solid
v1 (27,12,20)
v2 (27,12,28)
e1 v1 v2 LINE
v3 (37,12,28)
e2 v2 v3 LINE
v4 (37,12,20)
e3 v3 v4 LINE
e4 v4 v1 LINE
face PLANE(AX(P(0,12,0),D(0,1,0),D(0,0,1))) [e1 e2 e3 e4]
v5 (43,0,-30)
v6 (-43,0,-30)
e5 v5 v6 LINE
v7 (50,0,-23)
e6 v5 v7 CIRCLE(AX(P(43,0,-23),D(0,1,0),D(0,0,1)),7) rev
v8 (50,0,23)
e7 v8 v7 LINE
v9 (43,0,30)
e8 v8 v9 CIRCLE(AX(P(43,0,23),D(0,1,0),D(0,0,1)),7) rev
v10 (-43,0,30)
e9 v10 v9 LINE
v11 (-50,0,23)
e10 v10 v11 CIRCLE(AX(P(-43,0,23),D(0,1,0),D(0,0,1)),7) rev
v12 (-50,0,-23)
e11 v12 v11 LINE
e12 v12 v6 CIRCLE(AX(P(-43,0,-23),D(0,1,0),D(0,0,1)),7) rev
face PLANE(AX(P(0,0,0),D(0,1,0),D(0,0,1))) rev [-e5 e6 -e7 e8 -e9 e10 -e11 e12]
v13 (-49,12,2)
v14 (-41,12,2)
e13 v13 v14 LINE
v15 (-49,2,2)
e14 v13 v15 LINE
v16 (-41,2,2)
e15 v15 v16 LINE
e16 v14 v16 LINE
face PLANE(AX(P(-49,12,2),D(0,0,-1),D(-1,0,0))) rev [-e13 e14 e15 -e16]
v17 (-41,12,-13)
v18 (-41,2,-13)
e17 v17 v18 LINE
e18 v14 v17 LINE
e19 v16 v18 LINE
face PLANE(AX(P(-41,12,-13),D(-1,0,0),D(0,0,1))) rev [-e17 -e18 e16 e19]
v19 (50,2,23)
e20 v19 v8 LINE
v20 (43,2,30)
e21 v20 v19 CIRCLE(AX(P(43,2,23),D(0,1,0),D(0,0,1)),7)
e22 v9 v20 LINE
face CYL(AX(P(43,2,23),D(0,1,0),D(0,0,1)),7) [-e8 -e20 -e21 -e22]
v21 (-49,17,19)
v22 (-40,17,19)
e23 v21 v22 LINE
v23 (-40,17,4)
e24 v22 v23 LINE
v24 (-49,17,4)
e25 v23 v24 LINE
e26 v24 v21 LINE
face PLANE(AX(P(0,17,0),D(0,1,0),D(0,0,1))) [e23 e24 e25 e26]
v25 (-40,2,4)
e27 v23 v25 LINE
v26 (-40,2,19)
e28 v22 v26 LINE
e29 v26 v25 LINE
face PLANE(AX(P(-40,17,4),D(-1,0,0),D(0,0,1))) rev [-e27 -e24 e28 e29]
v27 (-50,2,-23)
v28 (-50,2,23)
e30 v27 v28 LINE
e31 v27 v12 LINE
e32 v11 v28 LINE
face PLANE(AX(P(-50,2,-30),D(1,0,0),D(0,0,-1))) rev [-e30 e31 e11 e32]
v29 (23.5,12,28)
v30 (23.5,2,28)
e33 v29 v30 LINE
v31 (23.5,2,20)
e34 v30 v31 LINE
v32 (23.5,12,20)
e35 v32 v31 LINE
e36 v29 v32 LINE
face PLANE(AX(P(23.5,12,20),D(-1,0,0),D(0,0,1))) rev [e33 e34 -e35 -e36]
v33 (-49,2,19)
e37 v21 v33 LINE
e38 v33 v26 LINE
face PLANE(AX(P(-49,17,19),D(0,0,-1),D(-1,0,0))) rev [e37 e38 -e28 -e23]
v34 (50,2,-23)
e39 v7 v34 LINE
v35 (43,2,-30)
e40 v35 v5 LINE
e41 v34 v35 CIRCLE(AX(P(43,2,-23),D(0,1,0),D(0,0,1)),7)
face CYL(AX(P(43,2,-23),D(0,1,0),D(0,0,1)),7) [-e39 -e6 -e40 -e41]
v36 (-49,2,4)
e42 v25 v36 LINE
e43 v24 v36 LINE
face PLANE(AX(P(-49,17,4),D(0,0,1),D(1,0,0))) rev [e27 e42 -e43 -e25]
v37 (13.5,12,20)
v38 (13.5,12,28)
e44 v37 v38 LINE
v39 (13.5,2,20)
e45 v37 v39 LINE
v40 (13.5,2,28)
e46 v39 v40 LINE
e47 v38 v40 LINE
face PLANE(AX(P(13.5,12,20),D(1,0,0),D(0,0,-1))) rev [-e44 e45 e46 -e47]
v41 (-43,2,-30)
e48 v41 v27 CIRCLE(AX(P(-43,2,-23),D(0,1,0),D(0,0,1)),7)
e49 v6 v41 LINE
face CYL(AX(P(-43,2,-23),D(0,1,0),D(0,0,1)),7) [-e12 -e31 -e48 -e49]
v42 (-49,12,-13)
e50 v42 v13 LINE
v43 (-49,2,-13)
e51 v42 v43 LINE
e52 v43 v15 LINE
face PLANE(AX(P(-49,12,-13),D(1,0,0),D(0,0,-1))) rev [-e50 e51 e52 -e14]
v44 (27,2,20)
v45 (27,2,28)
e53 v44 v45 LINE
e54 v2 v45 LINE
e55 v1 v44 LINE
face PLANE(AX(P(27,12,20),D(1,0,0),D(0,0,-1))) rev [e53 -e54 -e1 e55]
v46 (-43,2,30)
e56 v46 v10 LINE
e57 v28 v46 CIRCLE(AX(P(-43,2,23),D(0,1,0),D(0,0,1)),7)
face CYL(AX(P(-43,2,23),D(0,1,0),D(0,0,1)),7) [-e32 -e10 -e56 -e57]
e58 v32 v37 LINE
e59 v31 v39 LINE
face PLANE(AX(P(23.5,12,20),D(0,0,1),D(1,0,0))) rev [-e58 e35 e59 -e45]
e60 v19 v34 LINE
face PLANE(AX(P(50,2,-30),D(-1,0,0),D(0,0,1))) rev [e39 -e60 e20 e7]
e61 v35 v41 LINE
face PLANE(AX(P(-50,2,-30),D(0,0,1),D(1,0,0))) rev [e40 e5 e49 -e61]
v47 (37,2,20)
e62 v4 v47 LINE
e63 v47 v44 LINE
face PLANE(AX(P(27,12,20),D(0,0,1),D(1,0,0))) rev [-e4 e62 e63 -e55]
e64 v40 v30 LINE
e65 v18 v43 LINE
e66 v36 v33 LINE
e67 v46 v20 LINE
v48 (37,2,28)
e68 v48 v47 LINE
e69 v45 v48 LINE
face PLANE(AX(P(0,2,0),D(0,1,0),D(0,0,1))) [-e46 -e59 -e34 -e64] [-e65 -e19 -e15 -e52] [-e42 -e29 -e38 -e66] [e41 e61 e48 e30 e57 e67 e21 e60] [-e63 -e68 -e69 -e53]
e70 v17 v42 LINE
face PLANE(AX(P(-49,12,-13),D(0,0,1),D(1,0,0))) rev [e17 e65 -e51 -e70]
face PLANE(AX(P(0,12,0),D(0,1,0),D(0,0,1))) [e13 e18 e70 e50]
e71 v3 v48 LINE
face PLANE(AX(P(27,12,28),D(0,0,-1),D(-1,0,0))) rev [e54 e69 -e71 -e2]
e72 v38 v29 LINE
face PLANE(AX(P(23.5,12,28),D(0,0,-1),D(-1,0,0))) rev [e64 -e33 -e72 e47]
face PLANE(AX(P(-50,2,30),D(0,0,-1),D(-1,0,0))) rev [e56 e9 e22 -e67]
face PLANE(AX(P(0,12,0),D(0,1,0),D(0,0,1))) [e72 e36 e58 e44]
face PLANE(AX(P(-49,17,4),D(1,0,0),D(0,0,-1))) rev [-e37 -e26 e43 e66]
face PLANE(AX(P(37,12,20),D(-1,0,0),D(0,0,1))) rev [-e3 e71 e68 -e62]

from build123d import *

# Parameters (mm, degrees)
SKETCH1_W           = 100
SKETCH1_H           = 60
BOSS_EXTRUDE1_DEPTH = 2
FILLET5_R           = 7
FILLET6_R           = 7
FILLET7_R           = 7
FILLET8_R           = 7
SKETCH2_W           = 8
SKETCH2_H           = 15
BOSS_EXTRUDE2_DEPTH = 10
SKETCH3_W           = 9
SKETCH3_H           = 15
BOSS_EXTRUDE3_DEPTH = 15
SKETCH4_W           = 10
SKETCH4_H           = 8
BOSS_EXTRUDE4_DEPTH = 10


with BuildPart() as part:
    # Sketch1 → Boss-Extrude1 (new body)
    with BuildSketch(Plane(origin=(0, 0, 0), x_dir=(1, 0, 0), z_dir=(0, 1, 0))):
        Rectangle(SKETCH1_W, SKETCH1_H)
    extrude(amount=BOSS_EXTRUDE1_DEPTH)

    # Fillet5
    fillet5_edges = [part.edges().sort_by_distance(p)[0] for p in [
        (50, 1, 30),
    ]]
    fillet(fillet5_edges, radius=FILLET5_R)

    # Fillet6
    fillet6_edges = [part.edges().sort_by_distance(p)[0] for p in [
        (50, 1, -30),
    ]]
    fillet(fillet6_edges, radius=FILLET6_R)

    # Fillet7
    fillet7_edges = [part.edges().sort_by_distance(p)[0] for p in [
        (-50, 1, -30),
    ]]
    fillet(fillet7_edges, radius=FILLET7_R)

    # Fillet8
    fillet8_edges = [part.edges().sort_by_distance(p)[0] for p in [
        (-50, 1, 30),
    ]]
    fillet(fillet8_edges, radius=FILLET8_R)

    # Sketch2 → Boss-Extrude2 (add)
    with BuildSketch(Plane(origin=(0, 2, 0), x_dir=(1, 0, 0), z_dir=(0, 1, 0))):
        with Locations((-45, 5.5)):
            Rectangle(SKETCH2_W, SKETCH2_H)
    extrude(amount=BOSS_EXTRUDE2_DEPTH)

    # Sketch3 → Boss-Extrude3 (add)
    with BuildSketch(Plane(origin=(0, 2, 0), x_dir=(1, 0, 0), z_dir=(0, 1, 0))):
        with Locations((-44.5, -11.5)):
            Rectangle(SKETCH3_W, SKETCH3_H)
    extrude(amount=BOSS_EXTRUDE3_DEPTH)

    # Sketch4 → Boss-Extrude4 (add)
    with BuildSketch(Plane(origin=(0, 2, 0), x_dir=(1, 0, 0), z_dir=(0, 1, 0))):
        with Locations((32, -24)):
            Rectangle(SKETCH4_W, SKETCH4_H)
        with Locations((18.5, -24)):
            Rectangle(SKETCH4_W, SKETCH4_H)
    extrude(amount=BOSS_EXTRUDE4_DEPTH)


solid = part.part
